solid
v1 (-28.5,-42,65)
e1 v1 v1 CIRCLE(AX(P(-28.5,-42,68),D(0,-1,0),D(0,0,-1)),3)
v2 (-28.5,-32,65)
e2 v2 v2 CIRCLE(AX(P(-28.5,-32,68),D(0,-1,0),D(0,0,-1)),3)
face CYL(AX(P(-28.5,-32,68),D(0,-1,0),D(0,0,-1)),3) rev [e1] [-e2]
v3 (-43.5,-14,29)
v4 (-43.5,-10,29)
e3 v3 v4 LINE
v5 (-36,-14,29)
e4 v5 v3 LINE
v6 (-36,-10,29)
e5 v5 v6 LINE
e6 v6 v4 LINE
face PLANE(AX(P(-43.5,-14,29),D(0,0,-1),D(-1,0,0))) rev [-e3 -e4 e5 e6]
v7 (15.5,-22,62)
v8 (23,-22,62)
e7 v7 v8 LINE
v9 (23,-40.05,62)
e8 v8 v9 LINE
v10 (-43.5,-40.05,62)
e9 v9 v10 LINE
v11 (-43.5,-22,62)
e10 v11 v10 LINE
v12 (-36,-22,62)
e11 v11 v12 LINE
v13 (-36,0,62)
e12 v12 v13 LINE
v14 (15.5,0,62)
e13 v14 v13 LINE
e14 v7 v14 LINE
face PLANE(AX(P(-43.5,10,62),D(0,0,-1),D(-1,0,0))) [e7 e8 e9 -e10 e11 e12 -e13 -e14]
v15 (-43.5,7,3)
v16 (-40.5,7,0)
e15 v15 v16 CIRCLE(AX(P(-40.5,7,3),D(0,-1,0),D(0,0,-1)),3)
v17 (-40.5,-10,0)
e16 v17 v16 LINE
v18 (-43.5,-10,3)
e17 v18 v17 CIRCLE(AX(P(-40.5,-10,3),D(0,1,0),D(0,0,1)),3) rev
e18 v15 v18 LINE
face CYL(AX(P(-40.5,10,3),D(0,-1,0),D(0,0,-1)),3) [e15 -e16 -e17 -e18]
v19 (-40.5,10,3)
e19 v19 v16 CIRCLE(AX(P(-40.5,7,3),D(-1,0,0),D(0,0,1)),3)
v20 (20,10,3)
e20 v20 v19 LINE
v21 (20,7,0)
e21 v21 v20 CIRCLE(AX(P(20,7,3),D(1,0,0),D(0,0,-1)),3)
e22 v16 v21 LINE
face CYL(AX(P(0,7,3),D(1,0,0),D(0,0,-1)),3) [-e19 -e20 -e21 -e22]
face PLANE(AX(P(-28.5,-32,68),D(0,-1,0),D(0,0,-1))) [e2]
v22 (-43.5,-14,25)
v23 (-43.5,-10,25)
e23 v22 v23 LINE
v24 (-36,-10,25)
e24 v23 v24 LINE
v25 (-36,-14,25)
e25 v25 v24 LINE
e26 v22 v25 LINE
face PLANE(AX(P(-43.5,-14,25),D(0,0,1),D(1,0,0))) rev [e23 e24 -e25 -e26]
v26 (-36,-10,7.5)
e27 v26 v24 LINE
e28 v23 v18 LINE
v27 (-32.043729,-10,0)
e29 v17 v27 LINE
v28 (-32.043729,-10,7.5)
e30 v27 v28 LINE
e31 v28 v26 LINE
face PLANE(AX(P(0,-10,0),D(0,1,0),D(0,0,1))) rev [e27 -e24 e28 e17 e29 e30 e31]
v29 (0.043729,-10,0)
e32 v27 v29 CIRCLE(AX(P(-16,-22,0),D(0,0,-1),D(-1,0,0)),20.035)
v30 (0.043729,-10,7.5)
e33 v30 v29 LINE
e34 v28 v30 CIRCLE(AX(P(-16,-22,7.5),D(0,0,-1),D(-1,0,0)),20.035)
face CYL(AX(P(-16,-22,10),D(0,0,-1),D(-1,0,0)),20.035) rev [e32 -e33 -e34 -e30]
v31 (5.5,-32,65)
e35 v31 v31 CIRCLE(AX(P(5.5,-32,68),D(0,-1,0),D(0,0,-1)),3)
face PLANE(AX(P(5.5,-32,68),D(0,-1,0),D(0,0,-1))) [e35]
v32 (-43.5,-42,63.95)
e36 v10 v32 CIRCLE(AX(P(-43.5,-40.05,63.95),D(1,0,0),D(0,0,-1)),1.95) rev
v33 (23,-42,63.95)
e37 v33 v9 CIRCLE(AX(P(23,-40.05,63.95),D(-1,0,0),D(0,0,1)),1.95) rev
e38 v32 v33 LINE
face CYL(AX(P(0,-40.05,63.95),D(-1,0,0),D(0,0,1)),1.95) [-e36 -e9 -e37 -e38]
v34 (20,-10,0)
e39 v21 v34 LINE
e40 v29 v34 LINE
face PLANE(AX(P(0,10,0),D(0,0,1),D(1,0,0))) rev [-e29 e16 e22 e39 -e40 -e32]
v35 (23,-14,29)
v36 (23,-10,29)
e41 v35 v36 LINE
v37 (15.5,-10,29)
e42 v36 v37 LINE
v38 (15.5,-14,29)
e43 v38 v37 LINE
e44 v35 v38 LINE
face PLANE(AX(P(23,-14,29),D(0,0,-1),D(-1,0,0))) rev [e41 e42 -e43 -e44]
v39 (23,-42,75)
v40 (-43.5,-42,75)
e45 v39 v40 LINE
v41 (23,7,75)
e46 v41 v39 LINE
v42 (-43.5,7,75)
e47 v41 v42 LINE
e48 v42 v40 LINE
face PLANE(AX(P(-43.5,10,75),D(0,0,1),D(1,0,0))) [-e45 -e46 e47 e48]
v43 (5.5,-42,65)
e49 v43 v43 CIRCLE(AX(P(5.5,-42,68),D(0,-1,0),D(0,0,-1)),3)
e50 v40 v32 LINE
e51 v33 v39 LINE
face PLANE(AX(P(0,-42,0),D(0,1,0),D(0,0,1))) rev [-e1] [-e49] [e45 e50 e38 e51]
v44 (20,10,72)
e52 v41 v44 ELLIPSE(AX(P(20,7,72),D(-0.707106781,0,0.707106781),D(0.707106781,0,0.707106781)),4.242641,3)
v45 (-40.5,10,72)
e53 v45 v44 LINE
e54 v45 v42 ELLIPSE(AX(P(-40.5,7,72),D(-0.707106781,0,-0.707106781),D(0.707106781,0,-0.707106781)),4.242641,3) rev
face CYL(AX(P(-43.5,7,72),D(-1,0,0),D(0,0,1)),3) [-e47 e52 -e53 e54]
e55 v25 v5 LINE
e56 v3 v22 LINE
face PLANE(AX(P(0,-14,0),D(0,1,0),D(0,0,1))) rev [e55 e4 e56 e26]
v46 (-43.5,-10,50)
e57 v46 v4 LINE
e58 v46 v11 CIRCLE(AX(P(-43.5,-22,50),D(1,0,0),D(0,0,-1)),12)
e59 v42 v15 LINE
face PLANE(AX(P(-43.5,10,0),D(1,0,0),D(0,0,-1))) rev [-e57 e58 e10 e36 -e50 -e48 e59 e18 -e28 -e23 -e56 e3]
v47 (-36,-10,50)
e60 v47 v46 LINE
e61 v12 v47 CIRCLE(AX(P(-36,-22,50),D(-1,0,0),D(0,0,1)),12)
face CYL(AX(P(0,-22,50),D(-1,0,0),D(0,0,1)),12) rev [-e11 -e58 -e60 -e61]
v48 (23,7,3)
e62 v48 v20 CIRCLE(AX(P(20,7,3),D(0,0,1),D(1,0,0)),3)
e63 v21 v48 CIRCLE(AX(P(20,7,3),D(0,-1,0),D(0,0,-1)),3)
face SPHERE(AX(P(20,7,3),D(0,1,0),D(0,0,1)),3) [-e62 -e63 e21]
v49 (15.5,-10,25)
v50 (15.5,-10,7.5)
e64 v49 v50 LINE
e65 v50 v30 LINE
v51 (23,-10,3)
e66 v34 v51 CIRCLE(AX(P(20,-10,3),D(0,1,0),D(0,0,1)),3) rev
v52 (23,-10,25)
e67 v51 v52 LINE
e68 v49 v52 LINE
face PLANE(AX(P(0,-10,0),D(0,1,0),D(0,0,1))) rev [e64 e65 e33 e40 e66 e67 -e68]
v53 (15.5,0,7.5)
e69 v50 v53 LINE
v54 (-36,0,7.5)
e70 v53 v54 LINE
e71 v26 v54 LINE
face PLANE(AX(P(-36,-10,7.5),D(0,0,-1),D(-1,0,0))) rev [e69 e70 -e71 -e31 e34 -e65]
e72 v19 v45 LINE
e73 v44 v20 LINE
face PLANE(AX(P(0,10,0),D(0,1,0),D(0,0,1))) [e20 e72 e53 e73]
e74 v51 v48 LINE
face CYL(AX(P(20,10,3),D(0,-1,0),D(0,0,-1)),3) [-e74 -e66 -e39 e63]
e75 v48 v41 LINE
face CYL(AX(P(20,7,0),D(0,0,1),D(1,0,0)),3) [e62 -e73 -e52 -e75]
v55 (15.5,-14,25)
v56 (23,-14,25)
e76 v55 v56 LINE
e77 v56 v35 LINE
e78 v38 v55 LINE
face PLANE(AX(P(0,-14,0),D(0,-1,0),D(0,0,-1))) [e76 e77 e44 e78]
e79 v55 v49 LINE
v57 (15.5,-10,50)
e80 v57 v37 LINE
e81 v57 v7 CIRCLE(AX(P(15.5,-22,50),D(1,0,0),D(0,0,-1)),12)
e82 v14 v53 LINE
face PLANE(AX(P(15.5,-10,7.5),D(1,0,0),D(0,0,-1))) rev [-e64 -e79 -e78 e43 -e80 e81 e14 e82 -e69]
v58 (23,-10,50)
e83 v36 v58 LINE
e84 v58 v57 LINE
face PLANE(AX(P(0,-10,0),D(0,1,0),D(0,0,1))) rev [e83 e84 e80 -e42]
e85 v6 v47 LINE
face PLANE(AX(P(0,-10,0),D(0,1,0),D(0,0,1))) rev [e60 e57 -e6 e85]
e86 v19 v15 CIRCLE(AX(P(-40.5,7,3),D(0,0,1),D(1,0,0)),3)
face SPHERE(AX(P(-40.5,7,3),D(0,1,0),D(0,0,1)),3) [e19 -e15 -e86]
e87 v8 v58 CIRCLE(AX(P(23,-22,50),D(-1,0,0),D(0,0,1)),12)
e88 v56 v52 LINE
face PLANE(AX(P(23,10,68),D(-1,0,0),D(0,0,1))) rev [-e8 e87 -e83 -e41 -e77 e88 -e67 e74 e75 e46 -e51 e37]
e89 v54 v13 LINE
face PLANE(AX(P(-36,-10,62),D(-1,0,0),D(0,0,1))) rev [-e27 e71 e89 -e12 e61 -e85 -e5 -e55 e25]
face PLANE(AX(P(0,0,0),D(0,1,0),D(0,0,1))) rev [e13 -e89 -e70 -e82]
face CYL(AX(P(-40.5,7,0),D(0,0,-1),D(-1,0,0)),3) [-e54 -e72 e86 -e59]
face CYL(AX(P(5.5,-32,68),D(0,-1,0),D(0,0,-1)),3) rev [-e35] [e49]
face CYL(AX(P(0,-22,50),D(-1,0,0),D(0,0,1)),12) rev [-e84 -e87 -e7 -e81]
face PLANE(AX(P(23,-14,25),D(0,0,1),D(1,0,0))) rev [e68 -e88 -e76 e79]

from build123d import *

# Parameters (mm, degrees)
BOSS_EXTRUDE1_DEPTH      = 10
BOSS_EXTRUDE2_DEPTH      = 42
BOSS_EXTRUDE2_DEPTH_BACK = 10
BOSS_EXTRUDE3_DEPTH      = 10
SKETCH3_R                = 20.035
CUT_EXTRUDE2_DEPTH       = 10
FILLET1_R                = 12
SKETCH9_W                = 7.5
SKETCH9_H                = 4
BOSS_EXTRUDE5_DEPTH      = 4
FILLET4_R                = 1.95
FILLET5_R                = 3
FILLET6_R                = 3
SKETCH10_R               = 3
CUT_EXTRUDE3_DEPTH       = 10


with BuildPart() as part:
    # Sketch1 → Boss-Extrude1 (new body)
    with BuildSketch(Plane(origin=(0, 0, 0), x_dir=(1, 0, 0), z_dir=(0, 1, 0))):
        Polygon((0, 0), (-43.5, 0), (-43.5, -68), (23, -68), (23, 0), align=None)
    extrude(amount=BOSS_EXTRUDE1_DEPTH)

    # Sketch2 → Boss-Extrude2 (add, two sides)
    with BuildSketch(Plane.XZ) as boss_extrude2_sk:
        Polygon((-43.5, 68), (-43.5, 62), (23, 62), (23, 68), (23, 75), (-43.5, 75), align=None)
    extrude(amount=BOSS_EXTRUDE2_DEPTH)
    extrude(boss_extrude2_sk.sketch, amount=-BOSS_EXTRUDE2_DEPTH_BACK)

    # Sketch4 → Boss-Extrude3 (add)
    with BuildSketch(Plane.XZ):
        Polygon((-43.5, 62), (-36, 62), (-36, 7.5), (15.5, 7.5), (15.5, 62), (23, 62), (23, 0), (-43.5, 0), align=None)
    extrude(amount=BOSS_EXTRUDE3_DEPTH)

    # Sketch3 → Cut-Extrude2 (cut)
    with BuildSketch(Plane(origin=(0, 0, 0), x_dir=(-1, 0, 0), z_dir=(0, 0, -1))):
        with Locations((16, -22)):
            Circle(SKETCH3_R)
    extrude(amount=-CUT_EXTRUDE2_DEPTH, mode=Mode.SUBTRACT)

    # Fillet1
    fillet1_edges = [part.edges().sort_by_distance(p)[0] for p in [
        (19.25, -10, 62),
        (-39.75, -10, 62),
    ]]
    fillet(fillet1_edges, radius=FILLET1_R)

    # Sketch9 → Boss-Extrude5 (add)
    with BuildSketch(Plane.XZ.offset(10)):
        with Locations((-39.75, 27)):
            Rectangle(SKETCH9_W, SKETCH9_H)
        with Locations((19.25, 27)):
            Rectangle(SKETCH9_W, SKETCH9_H)
    extrude(amount=BOSS_EXTRUDE5_DEPTH)

    # Fillet4
    fillet4_edges = [part.edges().sort_by_distance(p)[0] for p in [
        (-10.25, -42, 62),
    ]]
    fillet(fillet4_edges, radius=FILLET4_R)

    # Fillet5
    fillet5_edges = [part.edges().sort_by_distance(p)[0] for p in [
        (23, 0, 0),
        (-43.5, 0, 0),
    ]]
    fillet(fillet5_edges, radius=FILLET5_R)

    # Fillet6
    fillet6_edges = [part.edges().sort_by_distance(p)[0] for p in [
        (-10.25, 10, 0),
        (-43.5, 10, 39),
        (-42.621320344, 10, 0.878679656),
        (22.121320344, 10, 0.878679656),
        (23, 10, 39),
        (-10.25, 10, 75),
    ]]
    fillet(fillet6_edges, radius=FILLET6_R)

    # Sketch10 → Cut-Extrude3 (cut)
    with BuildSketch(Plane.XZ.offset(42)):
        with Locations((-28.5, 68)):
            Circle(SKETCH10_R)
        with Locations((5.5, 68)):
            Circle(SKETCH10_R)
    extrude(amount=-CUT_EXTRUDE3_DEPTH, mode=Mode.SUBTRACT)


solid = part.part
